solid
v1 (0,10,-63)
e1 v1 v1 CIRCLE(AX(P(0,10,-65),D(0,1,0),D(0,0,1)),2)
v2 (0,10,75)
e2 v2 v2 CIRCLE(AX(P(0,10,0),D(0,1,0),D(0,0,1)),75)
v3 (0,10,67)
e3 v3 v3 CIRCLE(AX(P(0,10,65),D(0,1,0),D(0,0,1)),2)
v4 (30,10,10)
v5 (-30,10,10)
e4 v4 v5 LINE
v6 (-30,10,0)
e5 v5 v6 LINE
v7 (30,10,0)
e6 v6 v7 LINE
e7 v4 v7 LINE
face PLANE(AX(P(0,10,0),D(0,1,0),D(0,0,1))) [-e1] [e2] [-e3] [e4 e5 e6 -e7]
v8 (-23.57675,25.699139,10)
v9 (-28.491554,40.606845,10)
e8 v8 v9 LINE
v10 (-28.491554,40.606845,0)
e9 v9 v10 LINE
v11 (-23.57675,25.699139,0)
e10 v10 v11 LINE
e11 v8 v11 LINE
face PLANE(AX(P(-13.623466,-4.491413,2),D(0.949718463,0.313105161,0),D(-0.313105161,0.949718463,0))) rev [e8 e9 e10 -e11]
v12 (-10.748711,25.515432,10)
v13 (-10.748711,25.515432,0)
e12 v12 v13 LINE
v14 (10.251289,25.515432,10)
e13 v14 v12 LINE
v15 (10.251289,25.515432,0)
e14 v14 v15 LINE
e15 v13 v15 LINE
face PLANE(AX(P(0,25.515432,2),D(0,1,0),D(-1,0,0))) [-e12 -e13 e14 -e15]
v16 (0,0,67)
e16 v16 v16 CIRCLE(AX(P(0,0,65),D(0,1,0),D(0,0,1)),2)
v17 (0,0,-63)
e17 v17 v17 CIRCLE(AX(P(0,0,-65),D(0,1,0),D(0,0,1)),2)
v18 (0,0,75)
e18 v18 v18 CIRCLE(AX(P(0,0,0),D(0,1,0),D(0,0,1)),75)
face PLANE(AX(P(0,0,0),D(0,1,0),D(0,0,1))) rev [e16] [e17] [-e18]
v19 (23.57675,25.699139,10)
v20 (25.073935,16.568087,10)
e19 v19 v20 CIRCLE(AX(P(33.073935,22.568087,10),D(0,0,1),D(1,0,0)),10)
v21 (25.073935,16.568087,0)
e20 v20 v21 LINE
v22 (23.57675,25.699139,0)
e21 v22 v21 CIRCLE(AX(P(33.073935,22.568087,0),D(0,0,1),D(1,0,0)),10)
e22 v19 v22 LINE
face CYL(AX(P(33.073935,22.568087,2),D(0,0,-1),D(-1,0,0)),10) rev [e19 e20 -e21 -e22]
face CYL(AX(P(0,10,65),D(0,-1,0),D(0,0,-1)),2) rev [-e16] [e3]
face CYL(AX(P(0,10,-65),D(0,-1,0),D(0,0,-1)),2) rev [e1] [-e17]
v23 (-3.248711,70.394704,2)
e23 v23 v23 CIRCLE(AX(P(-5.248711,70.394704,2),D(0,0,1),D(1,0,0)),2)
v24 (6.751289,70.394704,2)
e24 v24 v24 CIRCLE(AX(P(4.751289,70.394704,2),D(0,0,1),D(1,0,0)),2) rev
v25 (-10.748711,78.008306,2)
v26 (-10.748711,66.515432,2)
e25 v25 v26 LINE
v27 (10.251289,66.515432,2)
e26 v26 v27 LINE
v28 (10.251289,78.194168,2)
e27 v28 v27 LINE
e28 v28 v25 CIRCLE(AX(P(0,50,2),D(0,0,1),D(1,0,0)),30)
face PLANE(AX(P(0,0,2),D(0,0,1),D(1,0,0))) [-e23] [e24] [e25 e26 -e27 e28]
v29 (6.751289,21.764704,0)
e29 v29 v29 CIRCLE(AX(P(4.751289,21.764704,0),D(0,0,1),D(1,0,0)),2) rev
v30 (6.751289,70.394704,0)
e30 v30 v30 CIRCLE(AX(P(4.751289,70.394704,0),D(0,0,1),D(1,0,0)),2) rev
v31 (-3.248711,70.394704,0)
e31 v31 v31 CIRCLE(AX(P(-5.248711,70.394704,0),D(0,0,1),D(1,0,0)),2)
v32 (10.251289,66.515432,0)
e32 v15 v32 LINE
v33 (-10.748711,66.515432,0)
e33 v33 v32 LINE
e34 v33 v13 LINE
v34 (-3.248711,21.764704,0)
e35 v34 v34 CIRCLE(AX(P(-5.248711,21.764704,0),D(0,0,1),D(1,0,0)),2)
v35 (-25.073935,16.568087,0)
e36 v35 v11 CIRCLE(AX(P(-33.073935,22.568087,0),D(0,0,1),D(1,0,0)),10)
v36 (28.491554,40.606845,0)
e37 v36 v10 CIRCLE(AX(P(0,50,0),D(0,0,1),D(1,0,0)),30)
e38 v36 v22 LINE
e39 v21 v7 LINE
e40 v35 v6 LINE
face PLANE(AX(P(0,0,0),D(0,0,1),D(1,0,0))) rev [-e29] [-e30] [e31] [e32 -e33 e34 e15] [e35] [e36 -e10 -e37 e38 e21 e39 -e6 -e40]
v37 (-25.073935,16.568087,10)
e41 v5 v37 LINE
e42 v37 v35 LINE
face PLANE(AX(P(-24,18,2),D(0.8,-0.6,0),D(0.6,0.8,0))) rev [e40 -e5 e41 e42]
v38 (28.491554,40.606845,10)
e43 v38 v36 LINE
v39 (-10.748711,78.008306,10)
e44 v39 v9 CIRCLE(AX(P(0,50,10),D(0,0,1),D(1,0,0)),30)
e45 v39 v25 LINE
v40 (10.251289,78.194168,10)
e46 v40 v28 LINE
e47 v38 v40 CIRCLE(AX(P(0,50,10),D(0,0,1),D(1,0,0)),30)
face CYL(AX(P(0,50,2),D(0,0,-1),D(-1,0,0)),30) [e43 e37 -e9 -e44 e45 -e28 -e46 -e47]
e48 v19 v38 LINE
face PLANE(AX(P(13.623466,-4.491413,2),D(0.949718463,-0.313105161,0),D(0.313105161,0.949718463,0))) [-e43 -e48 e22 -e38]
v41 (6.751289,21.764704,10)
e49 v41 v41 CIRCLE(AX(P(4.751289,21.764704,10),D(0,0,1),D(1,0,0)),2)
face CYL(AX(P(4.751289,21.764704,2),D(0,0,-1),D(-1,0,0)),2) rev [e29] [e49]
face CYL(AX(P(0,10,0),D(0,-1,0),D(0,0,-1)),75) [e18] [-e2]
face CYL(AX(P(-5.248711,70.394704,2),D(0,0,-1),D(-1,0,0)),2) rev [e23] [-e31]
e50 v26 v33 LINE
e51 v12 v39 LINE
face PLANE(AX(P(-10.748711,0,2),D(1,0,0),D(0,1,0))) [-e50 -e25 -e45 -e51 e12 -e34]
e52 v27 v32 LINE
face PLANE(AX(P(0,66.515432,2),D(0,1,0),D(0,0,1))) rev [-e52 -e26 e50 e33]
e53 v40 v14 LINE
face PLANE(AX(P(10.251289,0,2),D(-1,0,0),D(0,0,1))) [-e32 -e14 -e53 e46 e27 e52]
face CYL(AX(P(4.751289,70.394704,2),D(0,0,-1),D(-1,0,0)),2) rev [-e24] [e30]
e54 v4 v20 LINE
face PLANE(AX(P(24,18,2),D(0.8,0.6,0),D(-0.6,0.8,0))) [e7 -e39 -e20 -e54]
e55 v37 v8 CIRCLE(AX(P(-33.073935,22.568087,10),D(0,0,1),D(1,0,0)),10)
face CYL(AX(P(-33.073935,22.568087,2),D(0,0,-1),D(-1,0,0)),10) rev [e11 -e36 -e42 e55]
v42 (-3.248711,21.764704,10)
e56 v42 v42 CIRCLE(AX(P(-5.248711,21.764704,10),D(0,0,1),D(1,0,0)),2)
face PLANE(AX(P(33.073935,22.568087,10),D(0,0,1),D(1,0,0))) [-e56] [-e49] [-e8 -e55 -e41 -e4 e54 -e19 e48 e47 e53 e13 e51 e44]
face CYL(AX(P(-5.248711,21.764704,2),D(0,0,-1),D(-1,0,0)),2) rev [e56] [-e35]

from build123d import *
from build123d.topology import SkipClean

# Parameters (mm, degrees)
ESQUISSE1_R        = 75
ESQUISSE1_R_2      = 2
BOSS_EXTRU_1_DEPTH = 10
ESQUISSE2_R        = 2
ESQUISSE2_W        = 21
ESQUISSE2_H        = 41
ESQUISSE2_H_2      = 6.85
BOSS_EXTRU_2_DEPTH = 2
BOSS_EXTRU_5_START = 2
ESQUISSE2_7_R      = 2
BOSS_EXTRU_5_DEPTH = 8


with BuildPart() as part:
    # Esquisse1 → Boss.-Extru.1 (new body)
    with BuildSketch(Plane(origin=(0, 0, 0), x_dir=(1, 0, 0), z_dir=(0, 1, 0))):
        with Locations(Location((0, 0, 0), (0, 0, 270))):
            Circle(ESQUISSE1_R)
        with Locations(Location((0, 65, 0), (0, 0, 270))):
            Circle(ESQUISSE1_R_2, mode=Mode.SUBTRACT)
        with Locations(Location((0, -65, 0), (0, 0, 270))):
            Circle(ESQUISSE1_R_2, mode=Mode.SUBTRACT)
    extrude(amount=BOSS_EXTRU_1_DEPTH)

    # Esquisse2 → Boss.-Extru.2 (add)
    # profile 1 of 3: a face of its own
    with BuildSketch(Plane.XY):
        with BuildLine():
            ThreePointArc((-25.073934757, 16.568086991), (-23.205708304, 20.950030541), (-23.576750129, 25.699138596))
            Line((-23.576750129, 25.699138596), (-28.491553882, 40.606845184))
            ThreePointArc((-28.491553882, 40.606845184), (0, 80), (28.491553882, 40.606845184))
            Line((28.491553882, 40.606845184), (23.576750129, 25.699138596))
            ThreePointArc((23.576750129, 25.699138596), (23.205708304, 20.950030541), (25.073934757, 16.568086991))
            Line((25.073934757, 16.568086991), (30, 10))
            Line((30, 10), (-30, 10))
            Line((-30, 10), (-25.073934757, 16.568086991))
        make_face()
        with Locations((4.751288604, 21.76470447)):
            Circle(ESQUISSE2_R, mode=Mode.SUBTRACT)
        with Locations((-5.248711396, 21.76470447)):
            Circle(ESQUISSE2_R, mode=Mode.SUBTRACT)
        with Locations((-5.248711396, 70.39470447)):
            Circle(ESQUISSE2_R, mode=Mode.SUBTRACT)
        with Locations((4.751288604, 70.39470447)):
            Circle(ESQUISSE2_R, mode=Mode.SUBTRACT)
        with Locations((-0.248711396, 46.01543183)):
            Rectangle(ESQUISSE2_W, ESQUISSE2_H, mode=Mode.SUBTRACT)
    # profile 2 of 3: a face of its own
    with BuildSketch(Plane.XY):
        with Locations((-0.248711396, 69.94043183)):
            Rectangle(ESQUISSE2_W, ESQUISSE2_H_2)
        with Locations((-5.248711396, 70.39470447)):
            Circle(ESQUISSE2_R, mode=Mode.SUBTRACT)
        with Locations((4.751288604, 70.39470447)):
            Circle(ESQUISSE2_R, mode=Mode.SUBTRACT)
    # profile 3 of 3: a face of its own
    with BuildSketch(Plane.XY):
        with BuildLine():
            Line((10.251288604, 73.36543183), (10.251288604, 78.194167517))
            ThreePointArc((10.251288604, 78.194167517), (-0.265506097, 79.998825086), (-10.748711396, 78.00830597))
            Line((-10.748711396, 78.00830597), (-10.748711396, 73.36543183))
            Line((-10.748711396, 73.36543183), (10.251288604, 73.36543183))
        make_face()
    extrude(amount=BOSS_EXTRU_2_DEPTH)

    # Esquisse2<7> → Boss.-Extru.5 (add)
    with SkipClean():  # the faces are left unmerged after this step: merging them gives an invalid solid
        with BuildSketch(Plane.XY.offset(BOSS_EXTRU_5_START)):
            with BuildLine():
                Line((23.576750129, 25.699138596), (28.491553882, 40.606845184))
                ThreePointArc((28.491553882, 40.606845184), (26.989880715, 63.097569965), (10.251288604, 78.194167517))
                Line((10.251288604, 78.194167517), (10.251288604, 73.36543183))
                Line((10.251288604, 73.36543183), (10.251288604, 66.51543183))
                Line((10.251288604, 66.51543183), (10.251288604, 25.51543183))
                Line((10.251288604, 25.51543183), (-10.748711396, 25.51543183))
                Line((-10.748711396, 25.51543183), (-10.748711396, 66.51543183))
                Line((-10.748711396, 66.51543183), (-10.748711396, 73.36543183))
                Line((-10.748711396, 73.36543183), (-10.748711396, 78.00830597))
                ThreePointArc((-10.748711396, 78.00830597), (-27.104739844, 62.858191085), (-28.491553882, 40.606845184))
                Line((-28.491553882, 40.606845184), (-23.576750129, 25.699138596))
                ThreePointArc((-23.576750129, 25.699138596), (-23.205708304, 20.950030541), (-25.073934757, 16.568086991))
                Line((-25.073934757, 16.568086991), (-30, 10))
                Line((-30, 10), (30, 10))
                Line((30, 10), (25.073934757, 16.568086991))
                ThreePointArc((25.073934757, 16.568086991), (23.205708304, 20.950030541), (23.576750129, 25.699138596))
            make_face()
            with Locations((-5.248711396, 21.76470447)):
                Circle(ESQUISSE2_7_R, mode=Mode.SUBTRACT)
            with Locations((4.751288604, 21.76470447)):
                Circle(ESQUISSE2_7_R, mode=Mode.SUBTRACT)
        extrude(amount=BOSS_EXTRU_5_DEPTH)


solid = part.part
